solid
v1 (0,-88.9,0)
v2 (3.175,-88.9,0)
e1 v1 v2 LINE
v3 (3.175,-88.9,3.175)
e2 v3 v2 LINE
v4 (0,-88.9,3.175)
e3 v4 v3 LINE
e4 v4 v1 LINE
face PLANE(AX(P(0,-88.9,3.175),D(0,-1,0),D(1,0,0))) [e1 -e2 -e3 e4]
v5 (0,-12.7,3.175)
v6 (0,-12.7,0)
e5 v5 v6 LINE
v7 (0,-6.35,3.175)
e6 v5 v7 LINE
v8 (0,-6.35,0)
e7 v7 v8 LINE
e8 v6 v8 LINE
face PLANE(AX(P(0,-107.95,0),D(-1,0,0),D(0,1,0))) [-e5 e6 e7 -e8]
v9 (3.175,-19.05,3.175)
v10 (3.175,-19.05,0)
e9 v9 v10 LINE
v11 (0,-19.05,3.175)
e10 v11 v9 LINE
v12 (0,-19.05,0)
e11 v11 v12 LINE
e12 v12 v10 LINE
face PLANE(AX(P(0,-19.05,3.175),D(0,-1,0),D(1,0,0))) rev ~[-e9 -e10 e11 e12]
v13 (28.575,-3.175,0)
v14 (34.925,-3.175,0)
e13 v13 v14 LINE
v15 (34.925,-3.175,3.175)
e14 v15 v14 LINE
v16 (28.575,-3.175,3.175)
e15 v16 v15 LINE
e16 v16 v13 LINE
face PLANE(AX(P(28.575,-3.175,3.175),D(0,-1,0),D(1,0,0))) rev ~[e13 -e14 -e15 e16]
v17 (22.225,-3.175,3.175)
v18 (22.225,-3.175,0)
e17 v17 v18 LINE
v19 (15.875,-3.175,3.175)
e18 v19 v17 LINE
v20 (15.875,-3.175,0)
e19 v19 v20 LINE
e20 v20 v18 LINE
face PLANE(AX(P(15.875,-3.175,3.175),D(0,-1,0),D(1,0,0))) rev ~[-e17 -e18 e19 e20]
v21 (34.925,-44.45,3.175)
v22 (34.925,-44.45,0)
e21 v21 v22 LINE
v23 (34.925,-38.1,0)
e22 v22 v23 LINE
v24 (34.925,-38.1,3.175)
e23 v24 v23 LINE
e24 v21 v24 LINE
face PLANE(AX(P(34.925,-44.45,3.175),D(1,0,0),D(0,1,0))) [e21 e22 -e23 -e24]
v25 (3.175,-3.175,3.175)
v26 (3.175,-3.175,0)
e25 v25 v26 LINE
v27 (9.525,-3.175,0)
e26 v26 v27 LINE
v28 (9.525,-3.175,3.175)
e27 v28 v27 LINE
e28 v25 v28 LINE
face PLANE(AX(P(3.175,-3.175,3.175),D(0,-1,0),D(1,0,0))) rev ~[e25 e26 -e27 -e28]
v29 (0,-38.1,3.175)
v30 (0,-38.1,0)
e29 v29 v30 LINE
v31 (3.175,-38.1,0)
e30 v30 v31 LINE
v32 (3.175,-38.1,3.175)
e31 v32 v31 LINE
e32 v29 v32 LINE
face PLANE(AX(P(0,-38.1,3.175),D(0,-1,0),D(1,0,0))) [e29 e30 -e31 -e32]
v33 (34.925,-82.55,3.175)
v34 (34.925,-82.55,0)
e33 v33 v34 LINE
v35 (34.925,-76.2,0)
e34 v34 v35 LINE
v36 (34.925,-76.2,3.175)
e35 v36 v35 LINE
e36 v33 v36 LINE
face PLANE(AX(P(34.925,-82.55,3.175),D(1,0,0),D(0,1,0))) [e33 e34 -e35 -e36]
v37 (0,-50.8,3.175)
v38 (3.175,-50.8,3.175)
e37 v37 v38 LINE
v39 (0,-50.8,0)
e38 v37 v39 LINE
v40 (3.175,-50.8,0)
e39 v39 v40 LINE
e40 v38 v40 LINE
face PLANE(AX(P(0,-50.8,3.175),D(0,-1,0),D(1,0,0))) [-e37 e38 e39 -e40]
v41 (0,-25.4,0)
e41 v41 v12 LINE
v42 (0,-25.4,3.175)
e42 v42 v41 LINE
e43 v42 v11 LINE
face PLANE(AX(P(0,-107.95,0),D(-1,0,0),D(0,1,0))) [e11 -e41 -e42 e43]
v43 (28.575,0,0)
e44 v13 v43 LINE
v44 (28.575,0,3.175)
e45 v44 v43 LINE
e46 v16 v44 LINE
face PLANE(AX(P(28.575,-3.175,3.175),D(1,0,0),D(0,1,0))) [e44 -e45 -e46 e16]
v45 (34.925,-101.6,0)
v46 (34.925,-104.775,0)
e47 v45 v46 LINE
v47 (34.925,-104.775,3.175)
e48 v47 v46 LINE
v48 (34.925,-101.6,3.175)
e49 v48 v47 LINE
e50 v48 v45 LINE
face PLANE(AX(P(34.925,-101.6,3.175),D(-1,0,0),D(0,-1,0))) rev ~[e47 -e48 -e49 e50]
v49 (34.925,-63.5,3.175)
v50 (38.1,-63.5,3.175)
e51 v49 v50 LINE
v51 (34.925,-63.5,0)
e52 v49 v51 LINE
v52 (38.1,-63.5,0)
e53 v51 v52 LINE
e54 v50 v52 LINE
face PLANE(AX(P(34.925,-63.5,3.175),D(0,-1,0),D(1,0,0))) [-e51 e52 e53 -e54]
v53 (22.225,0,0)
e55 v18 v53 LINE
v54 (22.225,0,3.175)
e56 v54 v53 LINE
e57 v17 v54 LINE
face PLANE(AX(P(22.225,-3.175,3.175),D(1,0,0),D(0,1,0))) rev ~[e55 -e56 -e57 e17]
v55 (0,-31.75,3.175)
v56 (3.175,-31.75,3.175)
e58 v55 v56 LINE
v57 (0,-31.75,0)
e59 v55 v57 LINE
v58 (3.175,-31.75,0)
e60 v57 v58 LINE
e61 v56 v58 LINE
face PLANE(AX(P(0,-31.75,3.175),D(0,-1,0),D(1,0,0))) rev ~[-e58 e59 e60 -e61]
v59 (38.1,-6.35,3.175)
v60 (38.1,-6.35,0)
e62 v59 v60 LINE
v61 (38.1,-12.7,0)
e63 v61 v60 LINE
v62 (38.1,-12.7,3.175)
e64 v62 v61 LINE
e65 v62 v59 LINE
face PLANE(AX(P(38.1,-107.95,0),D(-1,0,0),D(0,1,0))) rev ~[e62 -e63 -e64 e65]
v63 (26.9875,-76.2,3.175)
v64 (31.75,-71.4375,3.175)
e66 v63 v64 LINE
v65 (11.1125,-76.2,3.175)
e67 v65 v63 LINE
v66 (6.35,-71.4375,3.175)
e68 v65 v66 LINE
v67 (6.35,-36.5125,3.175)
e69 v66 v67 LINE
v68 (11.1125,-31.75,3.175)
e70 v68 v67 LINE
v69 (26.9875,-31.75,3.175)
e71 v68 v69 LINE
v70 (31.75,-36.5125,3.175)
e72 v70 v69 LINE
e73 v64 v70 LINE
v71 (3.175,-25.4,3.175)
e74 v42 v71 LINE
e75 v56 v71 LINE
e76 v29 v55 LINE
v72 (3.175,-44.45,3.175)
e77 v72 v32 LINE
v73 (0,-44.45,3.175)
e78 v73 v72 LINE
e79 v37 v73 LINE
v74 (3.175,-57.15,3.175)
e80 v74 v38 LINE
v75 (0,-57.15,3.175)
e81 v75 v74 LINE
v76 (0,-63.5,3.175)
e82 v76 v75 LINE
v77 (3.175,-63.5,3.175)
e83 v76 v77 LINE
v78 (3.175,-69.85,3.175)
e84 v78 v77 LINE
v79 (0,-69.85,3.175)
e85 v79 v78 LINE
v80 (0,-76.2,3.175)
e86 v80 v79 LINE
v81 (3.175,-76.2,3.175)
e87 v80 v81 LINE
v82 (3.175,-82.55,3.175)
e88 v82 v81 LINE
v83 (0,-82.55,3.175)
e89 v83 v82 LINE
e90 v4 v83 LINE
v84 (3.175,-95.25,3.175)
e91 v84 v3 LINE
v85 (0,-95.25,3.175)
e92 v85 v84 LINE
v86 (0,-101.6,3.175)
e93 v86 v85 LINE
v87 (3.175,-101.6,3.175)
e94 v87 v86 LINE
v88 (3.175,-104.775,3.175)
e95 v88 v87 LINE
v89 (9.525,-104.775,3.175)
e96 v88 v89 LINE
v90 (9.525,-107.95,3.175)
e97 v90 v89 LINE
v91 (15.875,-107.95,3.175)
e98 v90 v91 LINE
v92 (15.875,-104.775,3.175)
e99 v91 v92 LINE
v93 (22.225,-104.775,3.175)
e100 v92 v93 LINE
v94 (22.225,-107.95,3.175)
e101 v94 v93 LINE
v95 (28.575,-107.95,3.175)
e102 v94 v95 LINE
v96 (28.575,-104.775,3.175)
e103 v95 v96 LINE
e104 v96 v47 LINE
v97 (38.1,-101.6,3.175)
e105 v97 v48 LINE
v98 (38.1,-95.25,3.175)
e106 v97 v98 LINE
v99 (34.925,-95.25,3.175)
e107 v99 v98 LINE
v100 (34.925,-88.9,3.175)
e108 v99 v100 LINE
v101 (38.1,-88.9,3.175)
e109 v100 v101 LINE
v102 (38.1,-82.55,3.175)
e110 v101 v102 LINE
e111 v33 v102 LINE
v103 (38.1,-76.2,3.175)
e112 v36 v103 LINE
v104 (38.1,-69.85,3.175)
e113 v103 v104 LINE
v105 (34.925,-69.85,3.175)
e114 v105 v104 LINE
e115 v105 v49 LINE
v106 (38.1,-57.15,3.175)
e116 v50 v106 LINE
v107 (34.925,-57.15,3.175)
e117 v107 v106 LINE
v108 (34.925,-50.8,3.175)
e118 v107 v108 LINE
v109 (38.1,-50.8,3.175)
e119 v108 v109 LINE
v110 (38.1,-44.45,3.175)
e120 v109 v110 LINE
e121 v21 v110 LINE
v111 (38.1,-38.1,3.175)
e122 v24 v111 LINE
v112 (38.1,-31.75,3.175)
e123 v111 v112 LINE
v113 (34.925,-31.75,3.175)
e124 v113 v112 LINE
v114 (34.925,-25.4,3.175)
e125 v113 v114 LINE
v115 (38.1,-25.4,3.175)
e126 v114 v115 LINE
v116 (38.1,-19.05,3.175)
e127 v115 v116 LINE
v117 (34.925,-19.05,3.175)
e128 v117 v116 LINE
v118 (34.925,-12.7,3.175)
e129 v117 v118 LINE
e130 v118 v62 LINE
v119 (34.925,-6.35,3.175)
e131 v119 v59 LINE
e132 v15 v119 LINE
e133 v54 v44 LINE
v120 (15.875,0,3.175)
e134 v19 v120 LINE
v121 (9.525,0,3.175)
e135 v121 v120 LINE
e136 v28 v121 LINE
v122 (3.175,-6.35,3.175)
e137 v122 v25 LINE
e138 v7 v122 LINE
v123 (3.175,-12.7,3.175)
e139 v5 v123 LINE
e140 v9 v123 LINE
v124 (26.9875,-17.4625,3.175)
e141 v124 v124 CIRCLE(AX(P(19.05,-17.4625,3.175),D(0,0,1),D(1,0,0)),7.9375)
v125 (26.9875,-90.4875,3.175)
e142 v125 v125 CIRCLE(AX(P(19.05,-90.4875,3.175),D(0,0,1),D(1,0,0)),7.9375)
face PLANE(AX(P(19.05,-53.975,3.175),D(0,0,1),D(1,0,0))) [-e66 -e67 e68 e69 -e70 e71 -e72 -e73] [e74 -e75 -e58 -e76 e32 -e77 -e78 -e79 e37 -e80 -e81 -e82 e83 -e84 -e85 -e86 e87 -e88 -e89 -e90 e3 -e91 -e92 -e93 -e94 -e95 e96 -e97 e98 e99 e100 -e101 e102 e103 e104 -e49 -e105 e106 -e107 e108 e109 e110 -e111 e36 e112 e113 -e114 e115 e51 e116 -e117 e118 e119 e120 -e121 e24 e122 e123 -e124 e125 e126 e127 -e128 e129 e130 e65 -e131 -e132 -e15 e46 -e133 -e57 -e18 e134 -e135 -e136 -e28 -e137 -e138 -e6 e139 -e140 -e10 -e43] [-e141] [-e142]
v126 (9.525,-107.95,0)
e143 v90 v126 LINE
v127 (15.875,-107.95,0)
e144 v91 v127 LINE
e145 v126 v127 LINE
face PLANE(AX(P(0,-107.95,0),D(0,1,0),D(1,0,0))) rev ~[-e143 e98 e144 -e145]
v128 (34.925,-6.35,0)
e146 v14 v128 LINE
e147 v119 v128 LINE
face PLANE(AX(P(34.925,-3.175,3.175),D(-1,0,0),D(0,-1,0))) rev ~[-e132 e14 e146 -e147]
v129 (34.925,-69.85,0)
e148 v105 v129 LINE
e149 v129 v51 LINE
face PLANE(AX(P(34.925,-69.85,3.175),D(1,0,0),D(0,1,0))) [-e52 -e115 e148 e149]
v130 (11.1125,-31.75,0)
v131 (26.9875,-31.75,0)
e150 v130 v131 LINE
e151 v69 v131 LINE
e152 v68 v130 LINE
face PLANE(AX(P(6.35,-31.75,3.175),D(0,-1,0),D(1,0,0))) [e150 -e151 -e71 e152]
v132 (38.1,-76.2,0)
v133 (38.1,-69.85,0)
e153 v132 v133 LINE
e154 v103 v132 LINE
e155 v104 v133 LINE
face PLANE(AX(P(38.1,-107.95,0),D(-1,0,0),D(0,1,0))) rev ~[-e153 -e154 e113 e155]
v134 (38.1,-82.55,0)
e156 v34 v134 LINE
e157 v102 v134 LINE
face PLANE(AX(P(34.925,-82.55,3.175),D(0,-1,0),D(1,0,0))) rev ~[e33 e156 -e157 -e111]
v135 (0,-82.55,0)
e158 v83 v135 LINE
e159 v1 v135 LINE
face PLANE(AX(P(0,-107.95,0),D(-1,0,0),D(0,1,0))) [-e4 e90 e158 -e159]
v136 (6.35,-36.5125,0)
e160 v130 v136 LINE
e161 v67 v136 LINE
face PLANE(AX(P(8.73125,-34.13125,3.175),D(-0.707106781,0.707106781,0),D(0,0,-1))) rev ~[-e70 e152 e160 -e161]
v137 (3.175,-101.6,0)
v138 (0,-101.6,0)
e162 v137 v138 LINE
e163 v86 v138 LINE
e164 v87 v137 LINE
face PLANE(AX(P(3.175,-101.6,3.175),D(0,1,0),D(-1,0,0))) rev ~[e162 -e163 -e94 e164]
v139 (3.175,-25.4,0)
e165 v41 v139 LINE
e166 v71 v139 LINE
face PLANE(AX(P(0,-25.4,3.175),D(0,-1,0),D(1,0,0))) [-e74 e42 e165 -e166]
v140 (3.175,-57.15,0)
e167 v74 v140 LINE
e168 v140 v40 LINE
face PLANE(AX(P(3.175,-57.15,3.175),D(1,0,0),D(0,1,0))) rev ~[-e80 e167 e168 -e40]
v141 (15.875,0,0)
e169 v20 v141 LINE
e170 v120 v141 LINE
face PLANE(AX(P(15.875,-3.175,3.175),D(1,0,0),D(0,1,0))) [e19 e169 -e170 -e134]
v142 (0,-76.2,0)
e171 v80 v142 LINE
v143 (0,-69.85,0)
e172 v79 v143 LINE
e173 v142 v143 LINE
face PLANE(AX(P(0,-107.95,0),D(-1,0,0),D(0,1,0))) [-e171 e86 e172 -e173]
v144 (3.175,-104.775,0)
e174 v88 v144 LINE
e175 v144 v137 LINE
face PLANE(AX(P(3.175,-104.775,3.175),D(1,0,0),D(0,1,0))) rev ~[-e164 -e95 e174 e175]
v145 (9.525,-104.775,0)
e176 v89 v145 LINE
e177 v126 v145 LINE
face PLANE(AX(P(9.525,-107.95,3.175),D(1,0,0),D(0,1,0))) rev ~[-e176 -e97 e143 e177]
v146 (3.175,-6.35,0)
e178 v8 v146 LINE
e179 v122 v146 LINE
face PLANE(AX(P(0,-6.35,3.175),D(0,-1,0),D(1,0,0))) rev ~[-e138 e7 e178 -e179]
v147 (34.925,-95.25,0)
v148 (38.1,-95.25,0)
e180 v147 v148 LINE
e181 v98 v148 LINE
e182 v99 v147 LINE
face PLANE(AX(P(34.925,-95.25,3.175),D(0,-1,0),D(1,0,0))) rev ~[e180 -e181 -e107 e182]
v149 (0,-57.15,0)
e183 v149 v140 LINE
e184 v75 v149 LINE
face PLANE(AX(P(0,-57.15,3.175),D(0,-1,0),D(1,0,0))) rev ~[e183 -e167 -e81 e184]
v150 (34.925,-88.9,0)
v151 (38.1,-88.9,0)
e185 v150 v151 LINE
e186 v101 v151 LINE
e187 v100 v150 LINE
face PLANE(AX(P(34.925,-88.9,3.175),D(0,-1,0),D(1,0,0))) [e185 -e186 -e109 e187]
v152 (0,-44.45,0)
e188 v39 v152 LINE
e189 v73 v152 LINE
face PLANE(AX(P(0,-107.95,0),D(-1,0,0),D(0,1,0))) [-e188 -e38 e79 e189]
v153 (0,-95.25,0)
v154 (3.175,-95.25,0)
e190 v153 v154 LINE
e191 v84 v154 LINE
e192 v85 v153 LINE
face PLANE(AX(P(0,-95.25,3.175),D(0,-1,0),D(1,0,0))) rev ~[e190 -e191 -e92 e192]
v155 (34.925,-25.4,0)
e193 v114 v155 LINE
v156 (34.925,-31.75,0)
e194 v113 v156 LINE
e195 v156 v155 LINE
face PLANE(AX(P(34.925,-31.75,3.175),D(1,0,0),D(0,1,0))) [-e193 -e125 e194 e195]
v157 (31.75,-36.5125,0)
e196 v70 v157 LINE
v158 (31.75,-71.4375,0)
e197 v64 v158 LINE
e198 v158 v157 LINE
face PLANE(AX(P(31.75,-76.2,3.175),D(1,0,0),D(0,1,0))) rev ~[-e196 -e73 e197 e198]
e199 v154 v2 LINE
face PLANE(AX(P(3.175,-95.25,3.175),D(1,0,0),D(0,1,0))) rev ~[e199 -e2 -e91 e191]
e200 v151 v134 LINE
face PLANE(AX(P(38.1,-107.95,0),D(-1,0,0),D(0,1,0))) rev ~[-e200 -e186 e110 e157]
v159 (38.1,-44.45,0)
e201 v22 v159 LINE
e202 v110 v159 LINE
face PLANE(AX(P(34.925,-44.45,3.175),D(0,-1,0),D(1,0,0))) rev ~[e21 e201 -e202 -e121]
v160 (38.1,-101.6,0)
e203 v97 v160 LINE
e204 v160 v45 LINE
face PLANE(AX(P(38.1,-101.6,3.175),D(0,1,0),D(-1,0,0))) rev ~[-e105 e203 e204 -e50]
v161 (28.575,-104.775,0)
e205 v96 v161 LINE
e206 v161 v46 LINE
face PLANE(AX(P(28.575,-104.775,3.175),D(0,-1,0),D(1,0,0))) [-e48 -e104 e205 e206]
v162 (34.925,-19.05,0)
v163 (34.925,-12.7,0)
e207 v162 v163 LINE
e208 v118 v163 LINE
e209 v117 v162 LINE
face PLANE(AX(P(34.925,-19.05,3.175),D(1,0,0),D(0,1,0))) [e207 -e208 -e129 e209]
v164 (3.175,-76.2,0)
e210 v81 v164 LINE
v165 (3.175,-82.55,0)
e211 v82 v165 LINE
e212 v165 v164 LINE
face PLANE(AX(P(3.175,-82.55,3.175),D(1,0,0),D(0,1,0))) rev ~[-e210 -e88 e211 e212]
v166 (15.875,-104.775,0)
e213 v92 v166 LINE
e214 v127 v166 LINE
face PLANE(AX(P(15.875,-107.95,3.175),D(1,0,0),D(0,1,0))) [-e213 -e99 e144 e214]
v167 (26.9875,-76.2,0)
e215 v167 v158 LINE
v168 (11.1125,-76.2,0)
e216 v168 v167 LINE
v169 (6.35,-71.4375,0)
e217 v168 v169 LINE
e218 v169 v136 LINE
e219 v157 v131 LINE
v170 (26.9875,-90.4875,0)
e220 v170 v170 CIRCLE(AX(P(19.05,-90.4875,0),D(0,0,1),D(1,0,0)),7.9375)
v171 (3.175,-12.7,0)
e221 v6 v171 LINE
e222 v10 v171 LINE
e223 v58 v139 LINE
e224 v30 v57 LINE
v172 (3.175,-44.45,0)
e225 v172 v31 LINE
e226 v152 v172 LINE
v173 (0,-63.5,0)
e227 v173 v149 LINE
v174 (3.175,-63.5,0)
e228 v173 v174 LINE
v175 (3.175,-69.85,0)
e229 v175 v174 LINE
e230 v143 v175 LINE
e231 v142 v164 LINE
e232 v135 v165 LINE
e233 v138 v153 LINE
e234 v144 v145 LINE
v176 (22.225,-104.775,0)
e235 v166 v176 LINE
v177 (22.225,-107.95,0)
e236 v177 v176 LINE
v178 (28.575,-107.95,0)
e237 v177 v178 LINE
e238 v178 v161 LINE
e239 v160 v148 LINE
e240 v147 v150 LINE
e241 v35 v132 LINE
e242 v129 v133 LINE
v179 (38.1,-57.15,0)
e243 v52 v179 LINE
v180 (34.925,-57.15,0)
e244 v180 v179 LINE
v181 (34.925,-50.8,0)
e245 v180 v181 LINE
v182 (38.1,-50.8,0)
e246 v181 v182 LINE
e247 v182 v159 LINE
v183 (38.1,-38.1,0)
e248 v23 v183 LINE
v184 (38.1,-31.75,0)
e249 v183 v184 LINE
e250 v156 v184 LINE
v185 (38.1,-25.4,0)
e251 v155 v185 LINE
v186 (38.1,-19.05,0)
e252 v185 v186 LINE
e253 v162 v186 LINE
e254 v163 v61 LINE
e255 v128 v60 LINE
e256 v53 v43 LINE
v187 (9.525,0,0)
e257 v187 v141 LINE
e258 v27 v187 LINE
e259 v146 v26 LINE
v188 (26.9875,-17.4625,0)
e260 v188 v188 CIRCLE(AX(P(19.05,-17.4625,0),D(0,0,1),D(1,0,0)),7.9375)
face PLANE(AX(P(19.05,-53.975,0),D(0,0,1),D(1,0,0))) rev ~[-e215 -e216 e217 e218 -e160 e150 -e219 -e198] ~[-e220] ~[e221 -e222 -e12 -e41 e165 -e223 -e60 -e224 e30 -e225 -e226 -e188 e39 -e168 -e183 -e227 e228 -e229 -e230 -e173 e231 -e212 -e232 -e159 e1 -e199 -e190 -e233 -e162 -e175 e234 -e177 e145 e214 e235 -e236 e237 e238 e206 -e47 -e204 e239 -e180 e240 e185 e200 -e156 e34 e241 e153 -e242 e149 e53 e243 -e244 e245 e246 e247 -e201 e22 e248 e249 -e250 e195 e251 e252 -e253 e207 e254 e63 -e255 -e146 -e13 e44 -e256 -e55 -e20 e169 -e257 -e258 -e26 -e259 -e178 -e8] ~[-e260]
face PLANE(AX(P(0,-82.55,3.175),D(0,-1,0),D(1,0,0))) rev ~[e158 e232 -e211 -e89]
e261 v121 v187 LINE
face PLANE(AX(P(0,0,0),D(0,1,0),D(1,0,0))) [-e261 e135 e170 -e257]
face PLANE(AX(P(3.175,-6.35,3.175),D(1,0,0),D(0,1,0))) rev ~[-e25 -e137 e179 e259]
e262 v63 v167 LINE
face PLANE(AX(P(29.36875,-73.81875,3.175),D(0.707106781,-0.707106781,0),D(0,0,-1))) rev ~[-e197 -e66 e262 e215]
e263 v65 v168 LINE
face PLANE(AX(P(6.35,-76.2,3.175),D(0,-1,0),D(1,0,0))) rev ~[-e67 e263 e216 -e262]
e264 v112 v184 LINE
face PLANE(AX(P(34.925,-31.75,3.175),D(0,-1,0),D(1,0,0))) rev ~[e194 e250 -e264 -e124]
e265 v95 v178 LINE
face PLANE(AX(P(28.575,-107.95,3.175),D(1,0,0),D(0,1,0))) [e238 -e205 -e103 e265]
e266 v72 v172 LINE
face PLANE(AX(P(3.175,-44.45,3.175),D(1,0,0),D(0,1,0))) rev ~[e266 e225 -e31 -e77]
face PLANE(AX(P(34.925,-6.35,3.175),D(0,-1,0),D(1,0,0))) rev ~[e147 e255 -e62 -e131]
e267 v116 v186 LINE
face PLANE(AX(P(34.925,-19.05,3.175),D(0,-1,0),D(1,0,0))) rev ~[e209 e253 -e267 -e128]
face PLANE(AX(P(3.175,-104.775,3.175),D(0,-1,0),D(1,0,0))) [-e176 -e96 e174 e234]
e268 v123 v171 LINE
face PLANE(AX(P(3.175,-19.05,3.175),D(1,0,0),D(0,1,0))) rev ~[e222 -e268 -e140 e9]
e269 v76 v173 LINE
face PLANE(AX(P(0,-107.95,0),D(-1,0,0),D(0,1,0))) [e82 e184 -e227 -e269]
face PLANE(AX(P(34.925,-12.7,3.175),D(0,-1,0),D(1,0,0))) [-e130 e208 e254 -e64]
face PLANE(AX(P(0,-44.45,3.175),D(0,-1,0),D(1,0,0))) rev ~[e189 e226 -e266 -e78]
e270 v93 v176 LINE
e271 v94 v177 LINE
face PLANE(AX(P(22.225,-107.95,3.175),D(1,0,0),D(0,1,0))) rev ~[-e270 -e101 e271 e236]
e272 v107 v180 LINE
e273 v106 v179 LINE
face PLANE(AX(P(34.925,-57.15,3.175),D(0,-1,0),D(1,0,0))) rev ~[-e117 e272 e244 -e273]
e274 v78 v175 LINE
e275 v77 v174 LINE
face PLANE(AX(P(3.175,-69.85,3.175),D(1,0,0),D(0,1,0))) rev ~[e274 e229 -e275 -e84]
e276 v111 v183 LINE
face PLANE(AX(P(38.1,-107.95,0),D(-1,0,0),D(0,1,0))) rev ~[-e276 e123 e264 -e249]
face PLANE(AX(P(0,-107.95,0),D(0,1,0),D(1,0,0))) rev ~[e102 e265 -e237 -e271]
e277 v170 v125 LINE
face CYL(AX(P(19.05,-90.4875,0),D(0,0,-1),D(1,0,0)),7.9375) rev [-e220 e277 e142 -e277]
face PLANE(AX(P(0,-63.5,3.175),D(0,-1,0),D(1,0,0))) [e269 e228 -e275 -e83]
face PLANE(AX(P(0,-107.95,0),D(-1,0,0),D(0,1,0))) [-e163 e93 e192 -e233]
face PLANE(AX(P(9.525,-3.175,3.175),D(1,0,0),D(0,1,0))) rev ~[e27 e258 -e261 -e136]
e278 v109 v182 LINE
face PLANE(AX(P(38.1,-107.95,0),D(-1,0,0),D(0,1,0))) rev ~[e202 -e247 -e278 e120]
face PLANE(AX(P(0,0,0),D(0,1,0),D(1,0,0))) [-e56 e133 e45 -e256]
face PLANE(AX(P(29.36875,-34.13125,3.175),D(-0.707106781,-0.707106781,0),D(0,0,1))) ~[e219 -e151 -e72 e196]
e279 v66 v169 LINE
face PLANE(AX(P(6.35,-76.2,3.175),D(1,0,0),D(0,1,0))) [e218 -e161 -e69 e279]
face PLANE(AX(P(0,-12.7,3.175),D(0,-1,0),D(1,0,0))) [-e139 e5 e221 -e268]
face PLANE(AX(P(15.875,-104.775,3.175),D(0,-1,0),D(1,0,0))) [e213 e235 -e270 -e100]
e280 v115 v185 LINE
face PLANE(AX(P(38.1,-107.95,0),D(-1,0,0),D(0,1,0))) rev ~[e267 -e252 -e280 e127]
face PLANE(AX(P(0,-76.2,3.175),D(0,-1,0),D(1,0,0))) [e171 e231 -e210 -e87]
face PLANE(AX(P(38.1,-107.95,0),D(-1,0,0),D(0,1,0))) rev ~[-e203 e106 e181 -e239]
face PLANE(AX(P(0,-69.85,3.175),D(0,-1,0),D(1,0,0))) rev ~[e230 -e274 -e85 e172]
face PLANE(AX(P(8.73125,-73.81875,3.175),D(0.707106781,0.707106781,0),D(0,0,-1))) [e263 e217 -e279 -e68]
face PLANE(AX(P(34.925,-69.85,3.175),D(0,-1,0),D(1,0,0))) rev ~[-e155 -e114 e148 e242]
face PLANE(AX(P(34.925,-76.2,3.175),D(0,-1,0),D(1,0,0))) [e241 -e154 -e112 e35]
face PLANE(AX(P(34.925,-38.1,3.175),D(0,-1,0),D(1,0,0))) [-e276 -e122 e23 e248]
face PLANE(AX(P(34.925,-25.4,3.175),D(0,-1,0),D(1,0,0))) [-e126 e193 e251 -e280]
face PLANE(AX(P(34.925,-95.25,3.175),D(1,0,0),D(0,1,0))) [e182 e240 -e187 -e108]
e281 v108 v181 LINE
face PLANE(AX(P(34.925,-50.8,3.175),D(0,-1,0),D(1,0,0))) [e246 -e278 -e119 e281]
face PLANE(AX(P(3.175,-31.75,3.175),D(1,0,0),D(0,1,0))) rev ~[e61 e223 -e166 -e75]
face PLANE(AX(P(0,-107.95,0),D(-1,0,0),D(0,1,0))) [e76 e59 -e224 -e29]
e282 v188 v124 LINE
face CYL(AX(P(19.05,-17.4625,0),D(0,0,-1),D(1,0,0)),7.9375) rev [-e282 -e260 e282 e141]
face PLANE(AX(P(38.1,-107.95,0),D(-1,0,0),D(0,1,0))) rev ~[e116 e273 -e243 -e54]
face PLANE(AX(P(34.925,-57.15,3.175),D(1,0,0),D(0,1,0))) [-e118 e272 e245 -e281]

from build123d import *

# Parameters (mm, degrees)
F0_W     = 38.1
F0_H     = 107.95
F0_R     = 7.9375
F1_DEPTH = 3.175
F2_W     = 6.35
F2_H     = 3.175
F2_W_2   = 3.175
F2_H_2   = 6.35
F2_W_3   = 25.4
F2_H_3   = 44.45
F3_DEPTH = 3.175
F4_SIZE  = 4.7625


with BuildPart() as f1:
    # F0 (on Top) → F1 (new body)
    with BuildSketch(Plane.XY):
        with Locations((19.05, -53.975)):
            Rectangle(F0_W, F0_H)
        with Locations((19.05, -90.4875)):
            Circle(F0_R, mode=Mode.SUBTRACT)
        with Locations((19.05, -17.4625)):
            Circle(F0_R, mode=Mode.SUBTRACT)
    extrude(amount=F1_DEPTH)

    # F2 (on face) → F3 (cut, through all)
    with BuildSketch(Plane.XY.offset(3.175)):
        Polygon((38.1, -6.35), (38.1, 0), (34.925, 0), (34.925, -3.175), (34.925, -6.35), align=None)
        with Locations((31.75, -1.5875)):
            Rectangle(F2_W, F2_H)
        Polygon((3.175, 0), (0, 0), (0, -6.35), (3.175, -6.35), (3.175, -3.175), align=None)
        with Locations((6.35, -1.5875)):
            Rectangle(F2_W, F2_H)
        with Locations((1.5875, -15.875)):
            Rectangle(F2_W_2, F2_H_2)
        with Locations((36.5125, -15.875)):
            Rectangle(F2_W_2, F2_H_2)
        with Locations((36.5125, -28.575)):
            Rectangle(F2_W_2, F2_H_2)
        with Locations((36.5125, -41.275)):
            Rectangle(F2_W_2, F2_H_2)
        with Locations((36.5125, -53.975)):
            Rectangle(F2_W_2, F2_H_2)
        with Locations((36.5125, -66.675)):
            Rectangle(F2_W_2, F2_H_2)
        with Locations((36.5125, -79.375)):
            Rectangle(F2_W_2, F2_H_2)
        with Locations((36.5125, -92.075)):
            Rectangle(F2_W_2, F2_H_2)
        Polygon((38.1, -101.6), (34.925, -101.6), (34.925, -104.775), (34.925, -107.95), (38.1, -107.95), align=None)
        with Locations((31.75, -106.3625)):
            Rectangle(F2_W, F2_H)
        with Locations((36.5125, -117.475)):
            Rectangle(F2_W_2, F2_H_2)
        with Locations((36.5125, -130.175)):
            Rectangle(F2_W_2, F2_H_2)
        with Locations((1.5875, -28.575)):
            Rectangle(F2_W_2, F2_H_2)
        with Locations((1.5875, -41.275)):
            Rectangle(F2_W_2, F2_H_2)
        with Locations((1.5875, -53.975)):
            Rectangle(F2_W_2, F2_H_2)
        with Locations((1.5875, -66.675)):
            Rectangle(F2_W_2, F2_H_2)
        with Locations((1.5875, -79.375)):
            Rectangle(F2_W_2, F2_H_2)
        with Locations((1.5875, -92.075)):
            Rectangle(F2_W_2, F2_H_2)
        Polygon((3.175, -104.775), (3.175, -101.6), (0, -101.6), (0, -107.95), (3.175, -107.95), align=None)
        with Locations((6.35, -106.3625)):
            Rectangle(F2_W, F2_H)
        with Locations((1.5875, -117.475)):
            Rectangle(F2_W_2, F2_H_2)
        with Locations((1.5875, -130.175)):
            Rectangle(F2_W_2, F2_H_2)
        with Locations((19.05, -53.975)):
            Rectangle(F2_W_3, F2_H_3)
        with Locations((19.05, -1.5875)):
            Rectangle(F2_W, F2_H)
        with Locations((19.05, -106.3625)):
            Rectangle(F2_W, F2_H)
    extrude(amount=-F3_DEPTH, mode=Mode.SUBTRACT)

    # F4
    f4_edges = [f1.edges().sort_by_distance(p)[0] for p in [
        (31.75, -31.75, 1.5875),
        (31.75, -76.2, 1.5875),
        (6.35, -76.2, 1.5875),
        (6.35, -31.75, 1.5875),
    ]]
    chamfer(f4_edges, length=F4_SIZE)


solid = f1.part
